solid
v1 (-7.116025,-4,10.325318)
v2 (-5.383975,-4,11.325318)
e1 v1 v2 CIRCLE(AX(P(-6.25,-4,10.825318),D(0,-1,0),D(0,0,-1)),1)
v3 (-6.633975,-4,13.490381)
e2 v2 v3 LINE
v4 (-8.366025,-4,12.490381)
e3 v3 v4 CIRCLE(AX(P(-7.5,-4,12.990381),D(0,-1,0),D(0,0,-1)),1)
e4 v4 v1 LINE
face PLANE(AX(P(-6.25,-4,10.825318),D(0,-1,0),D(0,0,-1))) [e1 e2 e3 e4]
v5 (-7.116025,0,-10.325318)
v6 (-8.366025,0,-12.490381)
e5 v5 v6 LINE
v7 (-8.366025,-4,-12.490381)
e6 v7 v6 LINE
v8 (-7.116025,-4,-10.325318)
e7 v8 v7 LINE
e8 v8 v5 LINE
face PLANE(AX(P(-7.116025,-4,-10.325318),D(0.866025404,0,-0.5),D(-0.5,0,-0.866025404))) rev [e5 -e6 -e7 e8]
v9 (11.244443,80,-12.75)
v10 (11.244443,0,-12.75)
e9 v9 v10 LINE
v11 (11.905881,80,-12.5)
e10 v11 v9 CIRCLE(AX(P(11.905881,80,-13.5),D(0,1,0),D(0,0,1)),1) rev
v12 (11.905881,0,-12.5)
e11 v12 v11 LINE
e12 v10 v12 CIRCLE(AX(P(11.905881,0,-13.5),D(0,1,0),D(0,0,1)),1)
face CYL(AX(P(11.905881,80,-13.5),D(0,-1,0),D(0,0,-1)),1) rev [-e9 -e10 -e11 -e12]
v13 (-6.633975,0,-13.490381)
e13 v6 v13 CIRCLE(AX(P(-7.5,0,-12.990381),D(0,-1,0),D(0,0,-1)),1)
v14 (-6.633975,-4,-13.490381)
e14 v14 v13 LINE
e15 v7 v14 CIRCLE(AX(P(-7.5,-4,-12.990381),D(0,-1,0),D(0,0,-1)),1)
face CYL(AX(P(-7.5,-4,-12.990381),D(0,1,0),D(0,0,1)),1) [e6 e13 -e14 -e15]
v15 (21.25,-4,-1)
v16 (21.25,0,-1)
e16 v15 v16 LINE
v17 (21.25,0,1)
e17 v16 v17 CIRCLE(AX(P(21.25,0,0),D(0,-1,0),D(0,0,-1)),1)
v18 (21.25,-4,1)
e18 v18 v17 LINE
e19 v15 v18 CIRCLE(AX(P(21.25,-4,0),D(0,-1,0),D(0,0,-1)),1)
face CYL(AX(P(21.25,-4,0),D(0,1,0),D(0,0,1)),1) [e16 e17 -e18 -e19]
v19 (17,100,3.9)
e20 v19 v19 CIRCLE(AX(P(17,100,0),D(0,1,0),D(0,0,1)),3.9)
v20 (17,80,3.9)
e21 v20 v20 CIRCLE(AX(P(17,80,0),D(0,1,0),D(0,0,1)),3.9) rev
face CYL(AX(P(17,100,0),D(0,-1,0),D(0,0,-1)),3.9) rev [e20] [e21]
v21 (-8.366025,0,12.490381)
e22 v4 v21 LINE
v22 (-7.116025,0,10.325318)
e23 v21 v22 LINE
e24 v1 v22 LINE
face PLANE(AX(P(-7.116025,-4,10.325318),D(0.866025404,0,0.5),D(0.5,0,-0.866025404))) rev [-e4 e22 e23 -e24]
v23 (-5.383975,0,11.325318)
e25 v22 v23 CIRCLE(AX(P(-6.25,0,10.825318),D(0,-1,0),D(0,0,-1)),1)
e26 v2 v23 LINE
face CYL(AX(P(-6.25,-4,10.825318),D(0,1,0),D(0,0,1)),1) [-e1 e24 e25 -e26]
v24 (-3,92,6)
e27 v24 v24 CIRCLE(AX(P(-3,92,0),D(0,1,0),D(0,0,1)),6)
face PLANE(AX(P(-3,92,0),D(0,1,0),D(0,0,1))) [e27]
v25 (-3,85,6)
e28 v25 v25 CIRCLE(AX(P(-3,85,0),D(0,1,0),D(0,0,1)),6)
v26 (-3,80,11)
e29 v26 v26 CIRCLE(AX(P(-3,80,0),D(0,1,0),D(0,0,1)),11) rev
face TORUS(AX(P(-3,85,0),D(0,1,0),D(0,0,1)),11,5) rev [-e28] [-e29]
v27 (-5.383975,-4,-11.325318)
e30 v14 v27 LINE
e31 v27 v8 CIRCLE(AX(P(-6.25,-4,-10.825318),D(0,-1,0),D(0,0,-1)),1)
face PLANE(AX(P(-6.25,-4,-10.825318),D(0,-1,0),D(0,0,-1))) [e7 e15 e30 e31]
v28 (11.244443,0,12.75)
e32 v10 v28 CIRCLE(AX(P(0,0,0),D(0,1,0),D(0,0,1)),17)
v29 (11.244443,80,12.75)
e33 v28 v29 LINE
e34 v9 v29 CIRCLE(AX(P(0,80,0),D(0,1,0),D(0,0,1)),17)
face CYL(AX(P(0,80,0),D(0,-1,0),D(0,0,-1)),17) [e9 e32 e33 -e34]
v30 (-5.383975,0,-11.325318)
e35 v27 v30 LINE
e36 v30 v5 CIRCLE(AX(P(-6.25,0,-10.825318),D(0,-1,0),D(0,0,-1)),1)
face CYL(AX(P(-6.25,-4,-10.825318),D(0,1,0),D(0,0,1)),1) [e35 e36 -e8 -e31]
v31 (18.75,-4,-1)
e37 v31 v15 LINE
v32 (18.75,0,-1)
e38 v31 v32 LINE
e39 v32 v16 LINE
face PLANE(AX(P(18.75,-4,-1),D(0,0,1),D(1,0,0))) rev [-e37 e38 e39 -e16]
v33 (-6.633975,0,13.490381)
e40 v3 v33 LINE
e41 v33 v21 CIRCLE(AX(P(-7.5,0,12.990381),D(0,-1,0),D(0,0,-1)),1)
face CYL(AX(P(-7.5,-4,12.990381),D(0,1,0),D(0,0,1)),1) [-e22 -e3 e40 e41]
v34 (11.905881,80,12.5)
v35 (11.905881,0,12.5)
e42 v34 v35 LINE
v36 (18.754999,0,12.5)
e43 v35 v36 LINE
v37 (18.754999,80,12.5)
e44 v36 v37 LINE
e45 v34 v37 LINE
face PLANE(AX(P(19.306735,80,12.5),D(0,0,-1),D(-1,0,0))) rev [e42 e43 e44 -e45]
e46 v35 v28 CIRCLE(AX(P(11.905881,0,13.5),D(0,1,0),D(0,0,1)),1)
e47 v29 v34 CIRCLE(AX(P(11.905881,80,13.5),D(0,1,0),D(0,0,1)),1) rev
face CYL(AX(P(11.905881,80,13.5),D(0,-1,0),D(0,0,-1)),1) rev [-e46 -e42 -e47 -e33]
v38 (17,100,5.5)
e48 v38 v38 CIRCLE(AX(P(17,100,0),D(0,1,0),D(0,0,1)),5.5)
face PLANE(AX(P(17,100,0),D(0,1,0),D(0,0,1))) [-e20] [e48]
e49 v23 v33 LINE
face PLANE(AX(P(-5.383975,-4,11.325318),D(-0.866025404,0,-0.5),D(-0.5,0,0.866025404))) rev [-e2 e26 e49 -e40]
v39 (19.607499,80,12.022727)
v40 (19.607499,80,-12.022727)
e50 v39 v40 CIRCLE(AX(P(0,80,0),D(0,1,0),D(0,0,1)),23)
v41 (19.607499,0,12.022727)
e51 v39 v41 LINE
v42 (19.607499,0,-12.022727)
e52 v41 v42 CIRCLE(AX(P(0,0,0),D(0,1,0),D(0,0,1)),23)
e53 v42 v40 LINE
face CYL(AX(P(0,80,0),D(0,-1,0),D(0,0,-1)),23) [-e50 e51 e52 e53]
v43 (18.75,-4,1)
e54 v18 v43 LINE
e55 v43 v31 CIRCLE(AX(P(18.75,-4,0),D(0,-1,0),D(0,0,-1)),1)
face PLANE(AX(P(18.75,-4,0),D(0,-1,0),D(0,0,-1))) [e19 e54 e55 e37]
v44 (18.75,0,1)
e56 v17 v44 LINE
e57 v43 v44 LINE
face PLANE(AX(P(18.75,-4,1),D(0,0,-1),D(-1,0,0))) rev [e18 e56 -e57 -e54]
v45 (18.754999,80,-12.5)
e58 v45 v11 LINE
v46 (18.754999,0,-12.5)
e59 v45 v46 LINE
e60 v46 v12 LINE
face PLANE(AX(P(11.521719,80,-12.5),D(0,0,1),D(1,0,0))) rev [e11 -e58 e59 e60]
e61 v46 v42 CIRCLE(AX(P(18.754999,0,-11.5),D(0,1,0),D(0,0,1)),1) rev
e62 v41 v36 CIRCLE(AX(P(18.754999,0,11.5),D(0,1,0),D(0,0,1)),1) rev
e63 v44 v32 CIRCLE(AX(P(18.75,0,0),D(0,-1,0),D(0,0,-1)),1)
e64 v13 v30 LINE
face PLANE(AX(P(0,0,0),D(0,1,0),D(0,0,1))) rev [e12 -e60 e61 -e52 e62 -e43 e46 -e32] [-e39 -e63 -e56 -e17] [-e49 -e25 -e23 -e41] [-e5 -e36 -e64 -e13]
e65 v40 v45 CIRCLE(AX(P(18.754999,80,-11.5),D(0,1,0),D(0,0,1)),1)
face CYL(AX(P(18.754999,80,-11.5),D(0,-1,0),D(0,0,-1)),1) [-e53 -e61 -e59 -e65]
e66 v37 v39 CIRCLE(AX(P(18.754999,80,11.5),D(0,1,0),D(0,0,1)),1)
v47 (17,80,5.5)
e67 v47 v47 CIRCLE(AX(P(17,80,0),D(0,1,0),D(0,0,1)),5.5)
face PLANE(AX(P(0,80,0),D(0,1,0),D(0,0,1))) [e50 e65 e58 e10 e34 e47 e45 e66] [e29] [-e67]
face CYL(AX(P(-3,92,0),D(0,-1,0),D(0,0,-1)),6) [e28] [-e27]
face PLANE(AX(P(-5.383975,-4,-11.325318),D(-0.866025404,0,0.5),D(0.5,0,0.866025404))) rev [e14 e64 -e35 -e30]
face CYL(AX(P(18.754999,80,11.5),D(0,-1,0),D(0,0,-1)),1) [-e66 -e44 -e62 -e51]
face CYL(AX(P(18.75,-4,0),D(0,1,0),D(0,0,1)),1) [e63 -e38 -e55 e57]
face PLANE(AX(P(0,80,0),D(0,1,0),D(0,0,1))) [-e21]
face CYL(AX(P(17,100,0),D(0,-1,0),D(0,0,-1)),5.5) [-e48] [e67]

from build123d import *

# Parameters (mm, degrees)
BOSS_EXTRUDE1_DEPTH = 80
SKETCH2_R           = 5.5
SKETCH2_R_2         = 3.9
BOSS_EXTRUDE2_DEPTH = 20
SKETCH3_R           = 6
BOSS_EXTRUDE3_DEPTH = 12
FILLET1_R           = 5
BOSS_EXTRUDE4_DEPTH = 4
FILLET2_R           = 1


with BuildPart() as part:
    # Sketch1 → Boss-Extrude1 (new body)
    with BuildSketch(Plane(origin=(0, 0, 0), x_dir=(1, 0, 0), z_dir=(0, 1, 0))):
        with BuildLine():
            Line((11.521718622, 12.5), (19.306734576, 12.5))
            ThreePointArc((19.306734576, 12.5), (23, 0), (19.306734576, -12.5))
            Line((19.306734576, -12.5), (11.521718622, -12.5))
            ThreePointArc((11.521718622, -12.5), (-17, 0), (11.521718622, 12.5))
        make_face()
    extrude(amount=BOSS_EXTRUDE1_DEPTH)

    # Sketch2 → Boss-Extrude2 (add)
    with BuildSketch(Plane(origin=(0, 80, 0), x_dir=(1, 0, 0), z_dir=(0, 1, 0))):
        with Locations(Location((17, 0, 0), (0, 0, 270))):
            Circle(SKETCH2_R)
        with Locations(Location((17, 0, 0), (0, 0, 270))):
            Circle(SKETCH2_R_2, mode=Mode.SUBTRACT)
    extrude(amount=BOSS_EXTRUDE2_DEPTH)

    # Sketch3 → Boss-Extrude3 (add)
    with BuildSketch(Plane(origin=(0, 80, 0), x_dir=(1, 0, 0), z_dir=(0, 1, 0))):
        with Locations(Location((-3, 0, 0), (0, 0, 270))):
            Circle(SKETCH3_R)
    extrude(amount=BOSS_EXTRUDE3_DEPTH)

    # Fillet1
    fillet1_edges = [part.edges().sort_by_distance(p)[0] for p in [
        (-3, 80, -6),
    ]]
    fillet(fillet1_edges, radius=FILLET1_R)

    # Sketch4 → Boss-Extrude4 (add)
    with BuildSketch(Plane.XZ):
        with BuildLine():
            Line((-7.116025404, 10.325317547), (-8.366025404, 12.490381057))
            ThreePointArc((-8.366025404, 12.490381057), (-8, 13.856406461), (-6.633974596, 13.490381057))
            Line((-6.633974596, 13.490381057), (-5.383974596, 11.325317547))
            ThreePointArc((-5.383974596, 11.325317547), (-5.75, 9.959292144), (-7.116025404, 10.325317547))
        make_face()
        with BuildLine():
            Line((-5.383974596, -11.325317547), (-6.633974596, -13.490381057))
            ThreePointArc((-6.633974596, -13.490381057), (-8, -13.856406461), (-8.366025404, -12.490381057))
            Line((-8.366025404, -12.490381057), (-7.116025404, -10.325317547))
            ThreePointArc((-7.116025404, -10.325317547), (-5.75, -9.959292144), (-5.383974596, -11.325317547))
        make_face()
        with BuildLine():
            Line((18.75, 1), (21.25, 1))
            ThreePointArc((21.25, 1), (22.25, 0), (21.25, -1))
            Line((21.25, -1), (18.75, -1))
            ThreePointArc((18.75, -1), (17.75, 0), (18.75, 1))
        make_face()
    extrude(amount=BOSS_EXTRUDE4_DEPTH)

    # Fillet2
    fillet2_edges = [part.edges().sort_by_distance(p)[0] for p in [
        (11.521718622, 40, -12.5),
        (19.306734576, 40, -12.5),
        (19.306734576, 40, 12.5),
        (11.521718622, 40, 12.5),
    ]]
    fillet(fillet2_edges, radius=FILLET2_R)


solid = part.part
